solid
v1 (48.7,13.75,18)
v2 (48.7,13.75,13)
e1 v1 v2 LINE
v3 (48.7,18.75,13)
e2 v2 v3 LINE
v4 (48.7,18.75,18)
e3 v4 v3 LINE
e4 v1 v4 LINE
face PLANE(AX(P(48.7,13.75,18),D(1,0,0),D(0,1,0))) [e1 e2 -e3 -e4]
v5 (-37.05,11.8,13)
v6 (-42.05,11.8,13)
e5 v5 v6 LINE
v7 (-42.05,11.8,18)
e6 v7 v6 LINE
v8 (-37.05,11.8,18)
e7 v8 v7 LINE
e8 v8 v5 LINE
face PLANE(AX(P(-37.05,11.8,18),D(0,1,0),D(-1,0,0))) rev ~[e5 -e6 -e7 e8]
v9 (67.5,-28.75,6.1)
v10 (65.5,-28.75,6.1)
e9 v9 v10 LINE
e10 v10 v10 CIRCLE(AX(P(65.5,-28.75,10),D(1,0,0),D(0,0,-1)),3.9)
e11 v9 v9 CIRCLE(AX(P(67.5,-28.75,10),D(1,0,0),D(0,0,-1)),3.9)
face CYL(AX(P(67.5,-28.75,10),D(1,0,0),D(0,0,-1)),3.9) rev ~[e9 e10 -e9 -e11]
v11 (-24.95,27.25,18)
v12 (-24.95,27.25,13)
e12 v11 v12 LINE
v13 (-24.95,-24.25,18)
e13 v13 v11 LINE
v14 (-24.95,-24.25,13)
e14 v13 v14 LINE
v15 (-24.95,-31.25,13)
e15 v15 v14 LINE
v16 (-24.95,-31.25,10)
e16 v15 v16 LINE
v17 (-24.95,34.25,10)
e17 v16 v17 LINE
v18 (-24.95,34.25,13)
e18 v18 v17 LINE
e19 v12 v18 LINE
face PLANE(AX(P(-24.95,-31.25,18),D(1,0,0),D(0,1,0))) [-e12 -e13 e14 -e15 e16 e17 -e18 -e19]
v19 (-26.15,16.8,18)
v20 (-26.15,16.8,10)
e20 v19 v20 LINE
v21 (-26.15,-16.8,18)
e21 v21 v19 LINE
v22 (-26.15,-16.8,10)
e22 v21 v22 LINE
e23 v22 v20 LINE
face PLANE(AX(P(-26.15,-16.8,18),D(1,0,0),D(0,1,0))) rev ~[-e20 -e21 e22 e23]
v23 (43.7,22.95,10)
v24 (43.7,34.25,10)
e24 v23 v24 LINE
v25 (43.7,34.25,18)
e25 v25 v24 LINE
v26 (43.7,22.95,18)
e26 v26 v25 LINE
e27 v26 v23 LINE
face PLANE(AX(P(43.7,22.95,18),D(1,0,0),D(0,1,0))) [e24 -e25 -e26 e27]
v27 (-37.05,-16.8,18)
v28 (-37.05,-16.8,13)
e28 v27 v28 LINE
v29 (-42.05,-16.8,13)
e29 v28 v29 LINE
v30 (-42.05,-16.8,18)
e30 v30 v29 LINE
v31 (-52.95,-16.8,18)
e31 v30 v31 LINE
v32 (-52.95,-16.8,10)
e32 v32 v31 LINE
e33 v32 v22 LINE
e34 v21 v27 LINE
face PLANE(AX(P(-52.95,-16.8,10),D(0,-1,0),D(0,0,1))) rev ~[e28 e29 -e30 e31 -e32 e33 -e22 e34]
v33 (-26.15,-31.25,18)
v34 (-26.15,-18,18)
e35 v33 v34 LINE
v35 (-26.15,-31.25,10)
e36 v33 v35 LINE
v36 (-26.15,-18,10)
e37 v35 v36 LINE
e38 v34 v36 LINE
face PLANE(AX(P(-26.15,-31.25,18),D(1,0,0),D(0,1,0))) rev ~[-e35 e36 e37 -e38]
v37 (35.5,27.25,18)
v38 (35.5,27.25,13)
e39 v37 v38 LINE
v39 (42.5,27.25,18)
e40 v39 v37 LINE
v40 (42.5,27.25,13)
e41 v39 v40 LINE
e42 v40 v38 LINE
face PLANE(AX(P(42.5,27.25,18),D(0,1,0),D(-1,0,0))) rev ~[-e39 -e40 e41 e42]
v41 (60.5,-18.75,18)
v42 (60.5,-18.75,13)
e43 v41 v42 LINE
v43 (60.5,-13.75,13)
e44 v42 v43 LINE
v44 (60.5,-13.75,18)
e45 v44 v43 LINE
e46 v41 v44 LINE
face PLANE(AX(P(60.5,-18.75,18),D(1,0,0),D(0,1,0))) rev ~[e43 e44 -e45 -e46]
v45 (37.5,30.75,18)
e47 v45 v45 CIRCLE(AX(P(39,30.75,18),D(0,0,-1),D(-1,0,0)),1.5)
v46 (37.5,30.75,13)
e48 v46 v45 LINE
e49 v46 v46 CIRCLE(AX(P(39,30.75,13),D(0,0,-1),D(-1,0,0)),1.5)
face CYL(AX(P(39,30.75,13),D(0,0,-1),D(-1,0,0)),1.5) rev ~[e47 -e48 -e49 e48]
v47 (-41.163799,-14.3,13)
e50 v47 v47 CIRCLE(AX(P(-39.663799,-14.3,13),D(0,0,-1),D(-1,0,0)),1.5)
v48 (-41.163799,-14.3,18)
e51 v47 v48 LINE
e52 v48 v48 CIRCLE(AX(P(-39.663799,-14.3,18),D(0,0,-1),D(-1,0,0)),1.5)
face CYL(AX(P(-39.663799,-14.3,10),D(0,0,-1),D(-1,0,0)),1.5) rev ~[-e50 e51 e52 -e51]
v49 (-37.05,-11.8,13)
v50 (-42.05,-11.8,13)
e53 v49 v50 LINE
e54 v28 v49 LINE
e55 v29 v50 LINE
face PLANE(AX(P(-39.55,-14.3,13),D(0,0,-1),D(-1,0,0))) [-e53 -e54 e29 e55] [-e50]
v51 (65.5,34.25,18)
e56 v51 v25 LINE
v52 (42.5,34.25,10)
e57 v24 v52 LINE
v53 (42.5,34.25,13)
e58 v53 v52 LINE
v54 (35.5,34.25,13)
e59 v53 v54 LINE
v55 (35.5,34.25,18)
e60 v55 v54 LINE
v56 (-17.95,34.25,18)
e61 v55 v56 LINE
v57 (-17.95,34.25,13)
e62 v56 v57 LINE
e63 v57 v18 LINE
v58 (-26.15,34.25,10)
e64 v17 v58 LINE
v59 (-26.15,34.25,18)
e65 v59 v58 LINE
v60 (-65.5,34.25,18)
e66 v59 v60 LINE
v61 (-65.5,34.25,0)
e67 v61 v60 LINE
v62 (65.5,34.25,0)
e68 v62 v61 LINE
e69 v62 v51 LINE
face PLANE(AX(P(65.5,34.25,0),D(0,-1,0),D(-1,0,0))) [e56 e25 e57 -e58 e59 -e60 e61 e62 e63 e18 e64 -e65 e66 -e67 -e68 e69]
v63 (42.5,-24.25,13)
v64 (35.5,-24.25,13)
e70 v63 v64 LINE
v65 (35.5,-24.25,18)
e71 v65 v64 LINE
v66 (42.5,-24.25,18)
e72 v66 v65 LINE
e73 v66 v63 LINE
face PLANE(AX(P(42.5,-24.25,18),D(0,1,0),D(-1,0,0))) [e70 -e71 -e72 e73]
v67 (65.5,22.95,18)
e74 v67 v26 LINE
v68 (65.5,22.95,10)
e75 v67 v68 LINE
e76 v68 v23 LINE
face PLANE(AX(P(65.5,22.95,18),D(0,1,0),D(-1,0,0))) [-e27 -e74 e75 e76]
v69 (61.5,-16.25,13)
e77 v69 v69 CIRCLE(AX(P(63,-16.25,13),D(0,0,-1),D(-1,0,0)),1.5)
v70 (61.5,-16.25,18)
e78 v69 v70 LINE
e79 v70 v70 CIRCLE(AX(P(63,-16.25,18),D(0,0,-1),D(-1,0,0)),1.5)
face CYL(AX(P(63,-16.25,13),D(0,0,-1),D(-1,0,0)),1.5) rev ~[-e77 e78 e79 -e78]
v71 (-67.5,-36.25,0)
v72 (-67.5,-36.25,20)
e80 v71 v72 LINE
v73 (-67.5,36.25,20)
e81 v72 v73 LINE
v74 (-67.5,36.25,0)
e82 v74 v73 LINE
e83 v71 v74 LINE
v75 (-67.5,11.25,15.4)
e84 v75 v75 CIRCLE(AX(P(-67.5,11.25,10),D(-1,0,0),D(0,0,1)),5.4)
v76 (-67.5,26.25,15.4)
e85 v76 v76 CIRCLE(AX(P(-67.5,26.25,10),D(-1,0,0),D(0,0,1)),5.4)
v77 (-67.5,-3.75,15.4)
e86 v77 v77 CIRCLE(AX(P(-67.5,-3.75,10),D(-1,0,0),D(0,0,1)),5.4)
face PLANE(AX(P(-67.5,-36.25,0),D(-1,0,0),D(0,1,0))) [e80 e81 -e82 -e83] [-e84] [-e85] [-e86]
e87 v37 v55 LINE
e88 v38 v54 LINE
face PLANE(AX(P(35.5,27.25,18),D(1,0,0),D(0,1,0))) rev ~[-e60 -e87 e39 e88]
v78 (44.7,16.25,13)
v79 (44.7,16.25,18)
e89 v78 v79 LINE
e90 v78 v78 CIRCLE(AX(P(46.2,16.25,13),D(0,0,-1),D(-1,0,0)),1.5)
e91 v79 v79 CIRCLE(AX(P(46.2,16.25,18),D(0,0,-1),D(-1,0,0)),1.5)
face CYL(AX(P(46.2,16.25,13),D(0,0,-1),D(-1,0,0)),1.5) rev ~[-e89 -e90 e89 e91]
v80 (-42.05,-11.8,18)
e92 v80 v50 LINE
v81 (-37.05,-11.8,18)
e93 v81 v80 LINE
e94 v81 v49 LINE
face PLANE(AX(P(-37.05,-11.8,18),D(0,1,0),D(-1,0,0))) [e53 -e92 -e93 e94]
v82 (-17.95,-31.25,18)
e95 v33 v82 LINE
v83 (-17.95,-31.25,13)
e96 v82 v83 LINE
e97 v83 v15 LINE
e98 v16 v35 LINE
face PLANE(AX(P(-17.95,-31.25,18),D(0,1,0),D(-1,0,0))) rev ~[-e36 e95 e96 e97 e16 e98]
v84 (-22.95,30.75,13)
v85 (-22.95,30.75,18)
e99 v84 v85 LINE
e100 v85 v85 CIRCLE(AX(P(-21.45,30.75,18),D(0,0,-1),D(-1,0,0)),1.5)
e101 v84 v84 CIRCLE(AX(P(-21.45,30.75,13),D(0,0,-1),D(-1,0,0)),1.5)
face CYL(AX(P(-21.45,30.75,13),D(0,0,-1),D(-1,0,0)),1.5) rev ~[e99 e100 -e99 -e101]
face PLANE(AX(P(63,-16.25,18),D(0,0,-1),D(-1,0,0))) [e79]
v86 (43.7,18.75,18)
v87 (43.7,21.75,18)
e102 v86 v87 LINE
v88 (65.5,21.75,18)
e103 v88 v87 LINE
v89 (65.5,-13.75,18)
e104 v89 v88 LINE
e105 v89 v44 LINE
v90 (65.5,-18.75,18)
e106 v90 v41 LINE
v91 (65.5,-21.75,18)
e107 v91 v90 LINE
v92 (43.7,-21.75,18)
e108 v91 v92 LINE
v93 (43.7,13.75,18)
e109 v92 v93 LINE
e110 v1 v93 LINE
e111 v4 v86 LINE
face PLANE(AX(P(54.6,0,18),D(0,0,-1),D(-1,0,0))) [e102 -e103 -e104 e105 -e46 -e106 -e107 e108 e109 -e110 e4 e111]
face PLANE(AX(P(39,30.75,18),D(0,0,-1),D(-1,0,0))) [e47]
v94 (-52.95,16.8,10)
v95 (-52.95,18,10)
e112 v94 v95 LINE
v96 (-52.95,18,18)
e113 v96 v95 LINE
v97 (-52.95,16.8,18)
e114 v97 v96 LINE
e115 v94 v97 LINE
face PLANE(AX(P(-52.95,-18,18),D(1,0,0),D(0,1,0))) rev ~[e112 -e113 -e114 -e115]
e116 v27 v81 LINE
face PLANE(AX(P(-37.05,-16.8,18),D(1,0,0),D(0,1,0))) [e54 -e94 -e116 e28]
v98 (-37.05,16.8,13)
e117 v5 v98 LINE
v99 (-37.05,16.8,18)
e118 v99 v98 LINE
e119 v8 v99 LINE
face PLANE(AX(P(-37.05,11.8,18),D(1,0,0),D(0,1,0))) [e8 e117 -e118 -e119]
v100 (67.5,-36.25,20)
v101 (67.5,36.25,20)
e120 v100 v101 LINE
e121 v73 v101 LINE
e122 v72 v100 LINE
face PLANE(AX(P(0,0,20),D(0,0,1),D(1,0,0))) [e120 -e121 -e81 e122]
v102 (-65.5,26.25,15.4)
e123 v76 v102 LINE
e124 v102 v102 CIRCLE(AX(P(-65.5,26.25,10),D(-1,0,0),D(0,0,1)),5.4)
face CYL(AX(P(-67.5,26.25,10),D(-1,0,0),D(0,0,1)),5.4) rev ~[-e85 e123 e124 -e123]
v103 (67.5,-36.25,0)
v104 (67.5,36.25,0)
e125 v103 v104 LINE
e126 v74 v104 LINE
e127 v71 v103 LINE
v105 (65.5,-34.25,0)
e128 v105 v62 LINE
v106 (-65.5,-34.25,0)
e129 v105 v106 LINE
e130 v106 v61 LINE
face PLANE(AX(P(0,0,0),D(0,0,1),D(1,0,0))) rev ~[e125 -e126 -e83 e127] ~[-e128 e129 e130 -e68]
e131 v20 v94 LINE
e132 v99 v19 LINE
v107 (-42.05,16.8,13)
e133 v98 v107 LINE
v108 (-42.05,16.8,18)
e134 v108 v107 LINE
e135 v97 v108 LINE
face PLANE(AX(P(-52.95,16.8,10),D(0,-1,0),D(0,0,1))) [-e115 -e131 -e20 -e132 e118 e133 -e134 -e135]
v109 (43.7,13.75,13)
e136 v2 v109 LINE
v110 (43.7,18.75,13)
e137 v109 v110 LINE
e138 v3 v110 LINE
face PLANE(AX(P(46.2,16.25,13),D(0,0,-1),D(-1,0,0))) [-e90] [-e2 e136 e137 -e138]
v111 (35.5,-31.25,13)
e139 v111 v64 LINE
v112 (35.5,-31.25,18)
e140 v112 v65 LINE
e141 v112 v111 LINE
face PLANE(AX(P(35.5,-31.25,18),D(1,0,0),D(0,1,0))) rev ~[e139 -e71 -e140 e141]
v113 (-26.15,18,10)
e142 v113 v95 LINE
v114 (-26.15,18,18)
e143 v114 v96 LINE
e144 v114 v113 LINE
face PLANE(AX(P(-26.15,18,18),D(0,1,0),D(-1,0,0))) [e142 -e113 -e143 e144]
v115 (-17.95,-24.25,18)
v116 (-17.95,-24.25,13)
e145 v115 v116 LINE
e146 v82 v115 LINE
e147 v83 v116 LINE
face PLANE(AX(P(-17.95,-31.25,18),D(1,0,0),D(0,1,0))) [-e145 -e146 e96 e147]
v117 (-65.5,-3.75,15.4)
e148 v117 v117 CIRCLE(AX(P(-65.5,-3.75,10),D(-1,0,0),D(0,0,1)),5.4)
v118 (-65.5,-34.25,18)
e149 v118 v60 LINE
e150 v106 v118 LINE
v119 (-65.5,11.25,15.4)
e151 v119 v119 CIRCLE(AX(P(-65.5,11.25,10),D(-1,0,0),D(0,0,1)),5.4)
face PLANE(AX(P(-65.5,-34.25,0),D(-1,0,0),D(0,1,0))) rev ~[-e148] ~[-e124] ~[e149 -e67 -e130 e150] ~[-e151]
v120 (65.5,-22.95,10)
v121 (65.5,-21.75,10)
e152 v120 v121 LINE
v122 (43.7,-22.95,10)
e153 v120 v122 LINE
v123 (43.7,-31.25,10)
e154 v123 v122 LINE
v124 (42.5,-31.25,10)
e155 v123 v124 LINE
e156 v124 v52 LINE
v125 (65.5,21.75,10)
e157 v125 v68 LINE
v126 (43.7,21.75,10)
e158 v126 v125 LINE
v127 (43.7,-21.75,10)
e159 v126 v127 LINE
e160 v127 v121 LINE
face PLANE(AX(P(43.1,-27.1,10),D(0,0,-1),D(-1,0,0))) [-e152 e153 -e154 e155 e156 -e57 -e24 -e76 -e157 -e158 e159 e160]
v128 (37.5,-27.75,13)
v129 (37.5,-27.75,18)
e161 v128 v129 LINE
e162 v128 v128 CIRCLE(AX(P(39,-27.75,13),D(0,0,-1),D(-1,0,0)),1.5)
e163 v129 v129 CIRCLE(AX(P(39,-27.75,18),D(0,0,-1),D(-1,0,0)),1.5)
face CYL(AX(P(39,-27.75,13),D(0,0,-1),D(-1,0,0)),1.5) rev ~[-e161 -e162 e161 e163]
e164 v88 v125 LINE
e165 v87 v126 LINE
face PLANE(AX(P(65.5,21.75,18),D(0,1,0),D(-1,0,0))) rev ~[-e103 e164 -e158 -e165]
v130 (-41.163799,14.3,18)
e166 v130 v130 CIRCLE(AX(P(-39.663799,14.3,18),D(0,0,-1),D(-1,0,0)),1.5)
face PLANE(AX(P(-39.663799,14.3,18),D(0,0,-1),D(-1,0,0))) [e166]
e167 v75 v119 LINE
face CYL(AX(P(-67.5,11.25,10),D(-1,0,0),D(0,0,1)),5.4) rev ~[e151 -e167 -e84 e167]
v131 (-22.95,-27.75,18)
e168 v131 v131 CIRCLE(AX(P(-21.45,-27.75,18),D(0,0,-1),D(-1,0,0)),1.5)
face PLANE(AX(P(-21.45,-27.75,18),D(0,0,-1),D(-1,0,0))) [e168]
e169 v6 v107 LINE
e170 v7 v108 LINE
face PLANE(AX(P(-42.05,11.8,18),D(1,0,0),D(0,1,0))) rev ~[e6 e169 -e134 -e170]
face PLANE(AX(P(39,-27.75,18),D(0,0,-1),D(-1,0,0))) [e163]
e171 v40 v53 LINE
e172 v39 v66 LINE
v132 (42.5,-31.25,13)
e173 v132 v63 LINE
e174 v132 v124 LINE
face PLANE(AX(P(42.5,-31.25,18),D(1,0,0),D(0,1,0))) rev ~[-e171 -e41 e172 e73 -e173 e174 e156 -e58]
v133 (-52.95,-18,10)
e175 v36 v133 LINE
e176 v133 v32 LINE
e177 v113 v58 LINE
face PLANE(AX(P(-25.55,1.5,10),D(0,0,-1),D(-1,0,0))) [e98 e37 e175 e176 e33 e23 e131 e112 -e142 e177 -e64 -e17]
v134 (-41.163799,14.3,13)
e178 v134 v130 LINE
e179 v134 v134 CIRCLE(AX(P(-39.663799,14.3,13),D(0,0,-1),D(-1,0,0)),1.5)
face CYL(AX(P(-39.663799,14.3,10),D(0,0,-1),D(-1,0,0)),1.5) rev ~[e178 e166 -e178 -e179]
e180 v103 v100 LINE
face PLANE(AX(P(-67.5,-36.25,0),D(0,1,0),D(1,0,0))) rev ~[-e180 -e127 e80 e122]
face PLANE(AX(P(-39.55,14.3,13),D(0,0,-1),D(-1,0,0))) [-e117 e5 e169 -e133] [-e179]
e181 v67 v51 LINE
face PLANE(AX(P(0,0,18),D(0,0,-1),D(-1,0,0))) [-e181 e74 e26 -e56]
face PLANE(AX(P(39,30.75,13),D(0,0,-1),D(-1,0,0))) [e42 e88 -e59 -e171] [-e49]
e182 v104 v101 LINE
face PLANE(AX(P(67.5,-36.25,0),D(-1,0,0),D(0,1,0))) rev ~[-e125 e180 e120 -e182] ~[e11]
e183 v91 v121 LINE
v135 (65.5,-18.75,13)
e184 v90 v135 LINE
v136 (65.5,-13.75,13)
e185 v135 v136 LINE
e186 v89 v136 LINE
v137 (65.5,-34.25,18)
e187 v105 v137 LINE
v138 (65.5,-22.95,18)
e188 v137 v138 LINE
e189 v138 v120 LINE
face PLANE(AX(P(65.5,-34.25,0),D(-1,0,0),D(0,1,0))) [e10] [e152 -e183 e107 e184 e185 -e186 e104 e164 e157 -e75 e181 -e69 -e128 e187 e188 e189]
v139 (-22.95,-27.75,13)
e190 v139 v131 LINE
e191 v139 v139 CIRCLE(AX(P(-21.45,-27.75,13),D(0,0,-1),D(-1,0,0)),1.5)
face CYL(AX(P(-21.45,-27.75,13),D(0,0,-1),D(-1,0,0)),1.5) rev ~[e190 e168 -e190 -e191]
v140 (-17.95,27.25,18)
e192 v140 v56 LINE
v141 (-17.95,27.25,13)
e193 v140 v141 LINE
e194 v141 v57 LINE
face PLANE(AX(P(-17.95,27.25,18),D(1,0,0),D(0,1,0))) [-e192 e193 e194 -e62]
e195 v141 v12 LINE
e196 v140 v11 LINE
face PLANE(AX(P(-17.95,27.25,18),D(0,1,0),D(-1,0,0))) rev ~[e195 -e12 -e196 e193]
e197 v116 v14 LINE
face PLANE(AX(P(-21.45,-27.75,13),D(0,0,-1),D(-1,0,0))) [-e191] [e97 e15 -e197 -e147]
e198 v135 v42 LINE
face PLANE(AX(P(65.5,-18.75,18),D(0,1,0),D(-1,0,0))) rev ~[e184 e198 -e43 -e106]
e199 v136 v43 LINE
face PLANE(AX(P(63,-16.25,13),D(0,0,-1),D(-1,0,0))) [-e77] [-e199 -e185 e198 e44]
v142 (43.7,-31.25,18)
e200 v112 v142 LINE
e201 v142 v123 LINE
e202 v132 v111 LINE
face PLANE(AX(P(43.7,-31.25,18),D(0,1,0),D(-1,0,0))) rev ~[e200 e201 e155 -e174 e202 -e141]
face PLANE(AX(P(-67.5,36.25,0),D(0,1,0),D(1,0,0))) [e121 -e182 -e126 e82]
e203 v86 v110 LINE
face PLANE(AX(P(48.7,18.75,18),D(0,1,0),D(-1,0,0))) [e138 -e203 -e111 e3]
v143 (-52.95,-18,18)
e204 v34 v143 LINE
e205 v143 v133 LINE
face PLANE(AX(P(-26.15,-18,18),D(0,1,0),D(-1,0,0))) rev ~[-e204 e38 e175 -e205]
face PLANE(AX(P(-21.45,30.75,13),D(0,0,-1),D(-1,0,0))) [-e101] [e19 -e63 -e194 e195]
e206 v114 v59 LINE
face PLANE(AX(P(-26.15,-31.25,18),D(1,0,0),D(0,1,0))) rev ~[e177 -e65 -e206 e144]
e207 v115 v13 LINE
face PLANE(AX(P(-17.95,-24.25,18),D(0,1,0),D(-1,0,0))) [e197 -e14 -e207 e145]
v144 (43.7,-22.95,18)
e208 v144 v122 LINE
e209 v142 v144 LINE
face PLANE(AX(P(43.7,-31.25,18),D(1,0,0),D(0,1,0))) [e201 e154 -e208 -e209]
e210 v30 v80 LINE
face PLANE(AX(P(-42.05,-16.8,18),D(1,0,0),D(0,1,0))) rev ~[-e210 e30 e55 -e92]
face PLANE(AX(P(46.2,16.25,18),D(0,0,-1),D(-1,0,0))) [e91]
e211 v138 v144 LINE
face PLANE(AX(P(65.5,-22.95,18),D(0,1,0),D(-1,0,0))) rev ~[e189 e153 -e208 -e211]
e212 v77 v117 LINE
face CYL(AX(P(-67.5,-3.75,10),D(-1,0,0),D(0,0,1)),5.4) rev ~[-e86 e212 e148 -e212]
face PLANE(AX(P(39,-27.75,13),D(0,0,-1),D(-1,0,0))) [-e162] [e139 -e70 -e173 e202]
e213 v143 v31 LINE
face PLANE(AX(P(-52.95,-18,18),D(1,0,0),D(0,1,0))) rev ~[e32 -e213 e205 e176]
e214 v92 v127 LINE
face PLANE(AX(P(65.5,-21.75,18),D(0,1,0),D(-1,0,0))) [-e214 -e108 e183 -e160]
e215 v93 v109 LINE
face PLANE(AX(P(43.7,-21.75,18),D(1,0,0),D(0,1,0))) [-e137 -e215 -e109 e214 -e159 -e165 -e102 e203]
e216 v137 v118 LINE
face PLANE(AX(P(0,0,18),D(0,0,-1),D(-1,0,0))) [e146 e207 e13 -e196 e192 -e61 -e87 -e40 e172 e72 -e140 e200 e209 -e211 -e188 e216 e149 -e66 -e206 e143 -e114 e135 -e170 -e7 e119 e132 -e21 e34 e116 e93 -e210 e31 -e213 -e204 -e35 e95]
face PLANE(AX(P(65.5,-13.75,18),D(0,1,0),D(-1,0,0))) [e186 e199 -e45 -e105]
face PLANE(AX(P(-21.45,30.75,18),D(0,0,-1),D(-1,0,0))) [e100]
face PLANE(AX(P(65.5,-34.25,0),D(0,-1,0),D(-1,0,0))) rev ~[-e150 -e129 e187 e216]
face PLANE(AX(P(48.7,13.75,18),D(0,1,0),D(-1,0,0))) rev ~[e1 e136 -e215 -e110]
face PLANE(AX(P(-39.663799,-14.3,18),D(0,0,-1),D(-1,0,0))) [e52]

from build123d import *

# Parameters (mm, degrees)
SKETCH3_W            = 135
SKETCH3_H            = 72.5
BOSS_EXTRUDE1_DEPTH  = 20
SKETCH4_W            = 131
SKETCH4_H            = 68.5
CUT_EXTRUDE1_DEPTH   = 18
SKETCH6_W            = 23
SKETCH6_H            = 45.9
BOSS_EXTRUDE2_DEPTH  = 8
SKETCH5_W            = 21.8
SKETCH5_H            = 43.5
CUT_EXTRUDE2_DEPTH   = 18
SKETCH7_W            = 1.2
SKETCH7_H            = 8.3
SKETCH7_H_2          = 11.3
BOSS_EXTRUDE5_DEPTH  = 8
SKETCH9_W            = 1.2
SKETCH9_H            = 65.5
BOSS_EXTRUDE6_DEPTH  = 8
SKETCH11_W           = 26.8
SKETCH11_H           = 36
BOSS_EXTRUDE7_DEPTH  = 8
SKETCH10_W           = 25.6
SKETCH10_H           = 33.6
CUT_EXTRUDE3_DEPTH   = 8
SKETCH13_W           = 8
SKETCH13_H           = 33.6
CUT_EXTRUDE4_DEPTH   = 1.2
SKETCH14_R           = 3.9
CUT_EXTRUDE5_DEPTH   = 2
SKETCH15_R           = 5.4
CUT_EXTRUDE6_DEPTH   = 2
SKETCH18_W           = 5
SKETCH18_H           = 5
BOSS_EXTRUDE8_DEPTH  = 5
SKETCH19_R           = 1.5
CUT_EXTRUDE7_DEPTH   = 8
SKETCH20_W           = 5
SKETCH20_H           = 5
BOSS_EXTRUDE9_DEPTH  = 5
SKETCH21_R           = 1.5
CUT_EXTRUDE8_DEPTH   = 5
SKETCH23_W           = 7
SKETCH23_H           = 7
BOSS_EXTRUDE10_DEPTH = 5
SKETCH24_R           = 1.5
CUT_EXTRUDE10_DEPTH  = 5


with BuildPart() as part:
    # Sketch3 → Boss-Extrude1 (new body)
    with BuildSketch(Plane.XY):
        Rectangle(SKETCH3_W, SKETCH3_H)
    extrude(amount=BOSS_EXTRUDE1_DEPTH)

    # Sketch4 → Cut-Extrude1 (cut)
    with BuildSketch(Plane(origin=(0, 0, 0), x_dir=(-1, 0, 0), z_dir=(0, 0, -1))):
        Rectangle(SKETCH4_W, SKETCH4_H)
    extrude(amount=-CUT_EXTRUDE1_DEPTH, mode=Mode.SUBTRACT)

    # Sketch6 → Boss-Extrude2 (add)
    with BuildSketch(Plane(origin=(0, 0, 18), x_dir=(-1, 0, 0), z_dir=(0, 0, -1))):
        with Locations((-54, 0)):
            Rectangle(SKETCH6_W, SKETCH6_H)
    extrude(amount=BOSS_EXTRUDE2_DEPTH)

    # Sketch5 → Cut-Extrude2 (cut)
    with BuildSketch(Plane(origin=(0, 0, 18), x_dir=(-1, 0, 0), z_dir=(0, 0, -1))):
        with Locations((-54.6, 0)):
            Rectangle(SKETCH5_W, SKETCH5_H)
    extrude(amount=CUT_EXTRUDE2_DEPTH, mode=Mode.SUBTRACT)

    # Sketch7 → Boss-Extrude5 (add)
    with BuildSketch(Plane(origin=(0, 0, 18), x_dir=(-1, 0, 0), z_dir=(0, 0, -1))):
        with Locations((-43.1, -27.1)):
            Rectangle(SKETCH7_W, SKETCH7_H)
        with Locations((-43.1, 28.6)):
            Rectangle(SKETCH7_W, SKETCH7_H_2)
    extrude(amount=BOSS_EXTRUDE5_DEPTH)

    # Sketch9 → Boss-Extrude6 (add)
    with BuildSketch(Plane(origin=(0, 0, 18), x_dir=(-1, 0, 0), z_dir=(0, 0, -1))):
        with Locations((25.55, 1.5)):
            Rectangle(SKETCH9_W, SKETCH9_H)
    extrude(amount=BOSS_EXTRUDE6_DEPTH)

    # Sketch11 → Boss-Extrude7 (add)
    with BuildSketch(Plane(origin=(0, 0, 18), x_dir=(-1, 0, 0), z_dir=(0, 0, -1))):
        with Locations((39.55, 0)):
            Rectangle(SKETCH11_W, SKETCH11_H)
    extrude(amount=BOSS_EXTRUDE7_DEPTH)

    # Sketch10 → Cut-Extrude3 (cut)
    with BuildSketch(Plane(origin=(0, 0, 18), x_dir=(-1, 0, 0), z_dir=(0, 0, -1))):
        with Locations((38.95, 0)):
            Rectangle(SKETCH10_W, SKETCH10_H)
    extrude(amount=CUT_EXTRUDE3_DEPTH, mode=Mode.SUBTRACT)

    # Sketch13 → Cut-Extrude4 (cut)
    with BuildSketch(Plane.ZY.offset(52.95)):
        with Locations((14, 0)):
            Rectangle(SKETCH13_W, SKETCH13_H)
    extrude(amount=-CUT_EXTRUDE4_DEPTH, mode=Mode.SUBTRACT)

    # Sketch14 → Cut-Extrude5 (cut)
    with BuildSketch(Plane(origin=(67.5, 0, 0), x_dir=(0, 0, -1), z_dir=(1, 0, 0))):
        with Locations((-10, -28.75)):
            Circle(SKETCH14_R)
    extrude(amount=-CUT_EXTRUDE5_DEPTH, mode=Mode.SUBTRACT)

    # Sketch15 → Cut-Extrude6 (cut)
    with BuildSketch(Plane.ZY.offset(67.5)):
        with Locations((10, 26.25)):
            Circle(SKETCH15_R)
        with Locations((10, 11.25)):
            Circle(SKETCH15_R)
        with Locations((10, -3.75)):
            Circle(SKETCH15_R)
    extrude(amount=-CUT_EXTRUDE6_DEPTH, mode=Mode.SUBTRACT)

    # Sketch18 → Boss-Extrude8 (add)
    with BuildSketch(Plane(origin=(0, 0, 18), x_dir=(-1, 0, 0), z_dir=(0, 0, -1))):
        with Locations((39.55, -14.3)):
            Rectangle(SKETCH18_W, SKETCH18_H)
        with Locations((39.55, 14.3)):
            Rectangle(SKETCH18_W, SKETCH18_H)
    extrude(amount=BOSS_EXTRUDE8_DEPTH)

    # Sketch19 → Cut-Extrude7 (cut)
    with BuildSketch(Plane(origin=(0, 0, 10), x_dir=(-1, 0, 0), z_dir=(0, 0, -1))):
        with Locations((39.663798911, -14.3)):
            Circle(SKETCH19_R)
        with Locations((39.663798911, 14.3)):
            Circle(SKETCH19_R)
    extrude(amount=-CUT_EXTRUDE7_DEPTH, mode=Mode.SUBTRACT)

    # Sketch20 → Boss-Extrude9 (add)
    with BuildSketch(Plane(origin=(0, 0, 18), x_dir=(-1, 0, 0), z_dir=(0, 0, -1))):
        with Locations((-46.2, 16.25)):
            Rectangle(SKETCH20_W, SKETCH20_H)
        with Locations((-63, -16.25)):
            Rectangle(SKETCH20_W, SKETCH20_H)
    extrude(amount=BOSS_EXTRUDE9_DEPTH)

    # Sketch21 → Cut-Extrude8 (cut)
    with BuildSketch(Plane(origin=(0, 0, 13), x_dir=(-1, 0, 0), z_dir=(0, 0, -1))):
        with Locations((-46.2, 16.25)):
            Circle(SKETCH21_R)
        with Locations((-63, -16.25)):
            Circle(SKETCH21_R)
    extrude(amount=-CUT_EXTRUDE8_DEPTH, mode=Mode.SUBTRACT)

    # Sketch23 → Boss-Extrude10 (add)
    with BuildSketch(Plane(origin=(0, 0, 18), x_dir=(-1, 0, 0), z_dir=(0, 0, -1))):
        with Locations((-39, 30.75)):
            Rectangle(SKETCH23_W, SKETCH23_H)
        with Locations((21.45, 30.75)):
            Rectangle(SKETCH23_W, SKETCH23_H)
        with Locations((21.45, -27.75)):
            Rectangle(SKETCH23_W, SKETCH23_H)
        with Locations((-39, -27.75)):
            Rectangle(SKETCH23_W, SKETCH23_H)
    extrude(amount=BOSS_EXTRUDE10_DEPTH)

    # Sketch24 → Cut-Extrude10 (cut)
    with BuildSketch(Plane(origin=(0, 0, 13), x_dir=(-1, 0, 0), z_dir=(0, 0, -1))):
        with Locations((-39, 30.75)):
            Circle(SKETCH24_R)
        with Locations((21.45, 30.75)):
            Circle(SKETCH24_R)
        with Locations((21.45, -27.75)):
            Circle(SKETCH24_R)
        with Locations((-39, -27.75)):
            Circle(SKETCH24_R)
    extrude(amount=-CUT_EXTRUDE10_DEPTH, mode=Mode.SUBTRACT)


solid = part.part
